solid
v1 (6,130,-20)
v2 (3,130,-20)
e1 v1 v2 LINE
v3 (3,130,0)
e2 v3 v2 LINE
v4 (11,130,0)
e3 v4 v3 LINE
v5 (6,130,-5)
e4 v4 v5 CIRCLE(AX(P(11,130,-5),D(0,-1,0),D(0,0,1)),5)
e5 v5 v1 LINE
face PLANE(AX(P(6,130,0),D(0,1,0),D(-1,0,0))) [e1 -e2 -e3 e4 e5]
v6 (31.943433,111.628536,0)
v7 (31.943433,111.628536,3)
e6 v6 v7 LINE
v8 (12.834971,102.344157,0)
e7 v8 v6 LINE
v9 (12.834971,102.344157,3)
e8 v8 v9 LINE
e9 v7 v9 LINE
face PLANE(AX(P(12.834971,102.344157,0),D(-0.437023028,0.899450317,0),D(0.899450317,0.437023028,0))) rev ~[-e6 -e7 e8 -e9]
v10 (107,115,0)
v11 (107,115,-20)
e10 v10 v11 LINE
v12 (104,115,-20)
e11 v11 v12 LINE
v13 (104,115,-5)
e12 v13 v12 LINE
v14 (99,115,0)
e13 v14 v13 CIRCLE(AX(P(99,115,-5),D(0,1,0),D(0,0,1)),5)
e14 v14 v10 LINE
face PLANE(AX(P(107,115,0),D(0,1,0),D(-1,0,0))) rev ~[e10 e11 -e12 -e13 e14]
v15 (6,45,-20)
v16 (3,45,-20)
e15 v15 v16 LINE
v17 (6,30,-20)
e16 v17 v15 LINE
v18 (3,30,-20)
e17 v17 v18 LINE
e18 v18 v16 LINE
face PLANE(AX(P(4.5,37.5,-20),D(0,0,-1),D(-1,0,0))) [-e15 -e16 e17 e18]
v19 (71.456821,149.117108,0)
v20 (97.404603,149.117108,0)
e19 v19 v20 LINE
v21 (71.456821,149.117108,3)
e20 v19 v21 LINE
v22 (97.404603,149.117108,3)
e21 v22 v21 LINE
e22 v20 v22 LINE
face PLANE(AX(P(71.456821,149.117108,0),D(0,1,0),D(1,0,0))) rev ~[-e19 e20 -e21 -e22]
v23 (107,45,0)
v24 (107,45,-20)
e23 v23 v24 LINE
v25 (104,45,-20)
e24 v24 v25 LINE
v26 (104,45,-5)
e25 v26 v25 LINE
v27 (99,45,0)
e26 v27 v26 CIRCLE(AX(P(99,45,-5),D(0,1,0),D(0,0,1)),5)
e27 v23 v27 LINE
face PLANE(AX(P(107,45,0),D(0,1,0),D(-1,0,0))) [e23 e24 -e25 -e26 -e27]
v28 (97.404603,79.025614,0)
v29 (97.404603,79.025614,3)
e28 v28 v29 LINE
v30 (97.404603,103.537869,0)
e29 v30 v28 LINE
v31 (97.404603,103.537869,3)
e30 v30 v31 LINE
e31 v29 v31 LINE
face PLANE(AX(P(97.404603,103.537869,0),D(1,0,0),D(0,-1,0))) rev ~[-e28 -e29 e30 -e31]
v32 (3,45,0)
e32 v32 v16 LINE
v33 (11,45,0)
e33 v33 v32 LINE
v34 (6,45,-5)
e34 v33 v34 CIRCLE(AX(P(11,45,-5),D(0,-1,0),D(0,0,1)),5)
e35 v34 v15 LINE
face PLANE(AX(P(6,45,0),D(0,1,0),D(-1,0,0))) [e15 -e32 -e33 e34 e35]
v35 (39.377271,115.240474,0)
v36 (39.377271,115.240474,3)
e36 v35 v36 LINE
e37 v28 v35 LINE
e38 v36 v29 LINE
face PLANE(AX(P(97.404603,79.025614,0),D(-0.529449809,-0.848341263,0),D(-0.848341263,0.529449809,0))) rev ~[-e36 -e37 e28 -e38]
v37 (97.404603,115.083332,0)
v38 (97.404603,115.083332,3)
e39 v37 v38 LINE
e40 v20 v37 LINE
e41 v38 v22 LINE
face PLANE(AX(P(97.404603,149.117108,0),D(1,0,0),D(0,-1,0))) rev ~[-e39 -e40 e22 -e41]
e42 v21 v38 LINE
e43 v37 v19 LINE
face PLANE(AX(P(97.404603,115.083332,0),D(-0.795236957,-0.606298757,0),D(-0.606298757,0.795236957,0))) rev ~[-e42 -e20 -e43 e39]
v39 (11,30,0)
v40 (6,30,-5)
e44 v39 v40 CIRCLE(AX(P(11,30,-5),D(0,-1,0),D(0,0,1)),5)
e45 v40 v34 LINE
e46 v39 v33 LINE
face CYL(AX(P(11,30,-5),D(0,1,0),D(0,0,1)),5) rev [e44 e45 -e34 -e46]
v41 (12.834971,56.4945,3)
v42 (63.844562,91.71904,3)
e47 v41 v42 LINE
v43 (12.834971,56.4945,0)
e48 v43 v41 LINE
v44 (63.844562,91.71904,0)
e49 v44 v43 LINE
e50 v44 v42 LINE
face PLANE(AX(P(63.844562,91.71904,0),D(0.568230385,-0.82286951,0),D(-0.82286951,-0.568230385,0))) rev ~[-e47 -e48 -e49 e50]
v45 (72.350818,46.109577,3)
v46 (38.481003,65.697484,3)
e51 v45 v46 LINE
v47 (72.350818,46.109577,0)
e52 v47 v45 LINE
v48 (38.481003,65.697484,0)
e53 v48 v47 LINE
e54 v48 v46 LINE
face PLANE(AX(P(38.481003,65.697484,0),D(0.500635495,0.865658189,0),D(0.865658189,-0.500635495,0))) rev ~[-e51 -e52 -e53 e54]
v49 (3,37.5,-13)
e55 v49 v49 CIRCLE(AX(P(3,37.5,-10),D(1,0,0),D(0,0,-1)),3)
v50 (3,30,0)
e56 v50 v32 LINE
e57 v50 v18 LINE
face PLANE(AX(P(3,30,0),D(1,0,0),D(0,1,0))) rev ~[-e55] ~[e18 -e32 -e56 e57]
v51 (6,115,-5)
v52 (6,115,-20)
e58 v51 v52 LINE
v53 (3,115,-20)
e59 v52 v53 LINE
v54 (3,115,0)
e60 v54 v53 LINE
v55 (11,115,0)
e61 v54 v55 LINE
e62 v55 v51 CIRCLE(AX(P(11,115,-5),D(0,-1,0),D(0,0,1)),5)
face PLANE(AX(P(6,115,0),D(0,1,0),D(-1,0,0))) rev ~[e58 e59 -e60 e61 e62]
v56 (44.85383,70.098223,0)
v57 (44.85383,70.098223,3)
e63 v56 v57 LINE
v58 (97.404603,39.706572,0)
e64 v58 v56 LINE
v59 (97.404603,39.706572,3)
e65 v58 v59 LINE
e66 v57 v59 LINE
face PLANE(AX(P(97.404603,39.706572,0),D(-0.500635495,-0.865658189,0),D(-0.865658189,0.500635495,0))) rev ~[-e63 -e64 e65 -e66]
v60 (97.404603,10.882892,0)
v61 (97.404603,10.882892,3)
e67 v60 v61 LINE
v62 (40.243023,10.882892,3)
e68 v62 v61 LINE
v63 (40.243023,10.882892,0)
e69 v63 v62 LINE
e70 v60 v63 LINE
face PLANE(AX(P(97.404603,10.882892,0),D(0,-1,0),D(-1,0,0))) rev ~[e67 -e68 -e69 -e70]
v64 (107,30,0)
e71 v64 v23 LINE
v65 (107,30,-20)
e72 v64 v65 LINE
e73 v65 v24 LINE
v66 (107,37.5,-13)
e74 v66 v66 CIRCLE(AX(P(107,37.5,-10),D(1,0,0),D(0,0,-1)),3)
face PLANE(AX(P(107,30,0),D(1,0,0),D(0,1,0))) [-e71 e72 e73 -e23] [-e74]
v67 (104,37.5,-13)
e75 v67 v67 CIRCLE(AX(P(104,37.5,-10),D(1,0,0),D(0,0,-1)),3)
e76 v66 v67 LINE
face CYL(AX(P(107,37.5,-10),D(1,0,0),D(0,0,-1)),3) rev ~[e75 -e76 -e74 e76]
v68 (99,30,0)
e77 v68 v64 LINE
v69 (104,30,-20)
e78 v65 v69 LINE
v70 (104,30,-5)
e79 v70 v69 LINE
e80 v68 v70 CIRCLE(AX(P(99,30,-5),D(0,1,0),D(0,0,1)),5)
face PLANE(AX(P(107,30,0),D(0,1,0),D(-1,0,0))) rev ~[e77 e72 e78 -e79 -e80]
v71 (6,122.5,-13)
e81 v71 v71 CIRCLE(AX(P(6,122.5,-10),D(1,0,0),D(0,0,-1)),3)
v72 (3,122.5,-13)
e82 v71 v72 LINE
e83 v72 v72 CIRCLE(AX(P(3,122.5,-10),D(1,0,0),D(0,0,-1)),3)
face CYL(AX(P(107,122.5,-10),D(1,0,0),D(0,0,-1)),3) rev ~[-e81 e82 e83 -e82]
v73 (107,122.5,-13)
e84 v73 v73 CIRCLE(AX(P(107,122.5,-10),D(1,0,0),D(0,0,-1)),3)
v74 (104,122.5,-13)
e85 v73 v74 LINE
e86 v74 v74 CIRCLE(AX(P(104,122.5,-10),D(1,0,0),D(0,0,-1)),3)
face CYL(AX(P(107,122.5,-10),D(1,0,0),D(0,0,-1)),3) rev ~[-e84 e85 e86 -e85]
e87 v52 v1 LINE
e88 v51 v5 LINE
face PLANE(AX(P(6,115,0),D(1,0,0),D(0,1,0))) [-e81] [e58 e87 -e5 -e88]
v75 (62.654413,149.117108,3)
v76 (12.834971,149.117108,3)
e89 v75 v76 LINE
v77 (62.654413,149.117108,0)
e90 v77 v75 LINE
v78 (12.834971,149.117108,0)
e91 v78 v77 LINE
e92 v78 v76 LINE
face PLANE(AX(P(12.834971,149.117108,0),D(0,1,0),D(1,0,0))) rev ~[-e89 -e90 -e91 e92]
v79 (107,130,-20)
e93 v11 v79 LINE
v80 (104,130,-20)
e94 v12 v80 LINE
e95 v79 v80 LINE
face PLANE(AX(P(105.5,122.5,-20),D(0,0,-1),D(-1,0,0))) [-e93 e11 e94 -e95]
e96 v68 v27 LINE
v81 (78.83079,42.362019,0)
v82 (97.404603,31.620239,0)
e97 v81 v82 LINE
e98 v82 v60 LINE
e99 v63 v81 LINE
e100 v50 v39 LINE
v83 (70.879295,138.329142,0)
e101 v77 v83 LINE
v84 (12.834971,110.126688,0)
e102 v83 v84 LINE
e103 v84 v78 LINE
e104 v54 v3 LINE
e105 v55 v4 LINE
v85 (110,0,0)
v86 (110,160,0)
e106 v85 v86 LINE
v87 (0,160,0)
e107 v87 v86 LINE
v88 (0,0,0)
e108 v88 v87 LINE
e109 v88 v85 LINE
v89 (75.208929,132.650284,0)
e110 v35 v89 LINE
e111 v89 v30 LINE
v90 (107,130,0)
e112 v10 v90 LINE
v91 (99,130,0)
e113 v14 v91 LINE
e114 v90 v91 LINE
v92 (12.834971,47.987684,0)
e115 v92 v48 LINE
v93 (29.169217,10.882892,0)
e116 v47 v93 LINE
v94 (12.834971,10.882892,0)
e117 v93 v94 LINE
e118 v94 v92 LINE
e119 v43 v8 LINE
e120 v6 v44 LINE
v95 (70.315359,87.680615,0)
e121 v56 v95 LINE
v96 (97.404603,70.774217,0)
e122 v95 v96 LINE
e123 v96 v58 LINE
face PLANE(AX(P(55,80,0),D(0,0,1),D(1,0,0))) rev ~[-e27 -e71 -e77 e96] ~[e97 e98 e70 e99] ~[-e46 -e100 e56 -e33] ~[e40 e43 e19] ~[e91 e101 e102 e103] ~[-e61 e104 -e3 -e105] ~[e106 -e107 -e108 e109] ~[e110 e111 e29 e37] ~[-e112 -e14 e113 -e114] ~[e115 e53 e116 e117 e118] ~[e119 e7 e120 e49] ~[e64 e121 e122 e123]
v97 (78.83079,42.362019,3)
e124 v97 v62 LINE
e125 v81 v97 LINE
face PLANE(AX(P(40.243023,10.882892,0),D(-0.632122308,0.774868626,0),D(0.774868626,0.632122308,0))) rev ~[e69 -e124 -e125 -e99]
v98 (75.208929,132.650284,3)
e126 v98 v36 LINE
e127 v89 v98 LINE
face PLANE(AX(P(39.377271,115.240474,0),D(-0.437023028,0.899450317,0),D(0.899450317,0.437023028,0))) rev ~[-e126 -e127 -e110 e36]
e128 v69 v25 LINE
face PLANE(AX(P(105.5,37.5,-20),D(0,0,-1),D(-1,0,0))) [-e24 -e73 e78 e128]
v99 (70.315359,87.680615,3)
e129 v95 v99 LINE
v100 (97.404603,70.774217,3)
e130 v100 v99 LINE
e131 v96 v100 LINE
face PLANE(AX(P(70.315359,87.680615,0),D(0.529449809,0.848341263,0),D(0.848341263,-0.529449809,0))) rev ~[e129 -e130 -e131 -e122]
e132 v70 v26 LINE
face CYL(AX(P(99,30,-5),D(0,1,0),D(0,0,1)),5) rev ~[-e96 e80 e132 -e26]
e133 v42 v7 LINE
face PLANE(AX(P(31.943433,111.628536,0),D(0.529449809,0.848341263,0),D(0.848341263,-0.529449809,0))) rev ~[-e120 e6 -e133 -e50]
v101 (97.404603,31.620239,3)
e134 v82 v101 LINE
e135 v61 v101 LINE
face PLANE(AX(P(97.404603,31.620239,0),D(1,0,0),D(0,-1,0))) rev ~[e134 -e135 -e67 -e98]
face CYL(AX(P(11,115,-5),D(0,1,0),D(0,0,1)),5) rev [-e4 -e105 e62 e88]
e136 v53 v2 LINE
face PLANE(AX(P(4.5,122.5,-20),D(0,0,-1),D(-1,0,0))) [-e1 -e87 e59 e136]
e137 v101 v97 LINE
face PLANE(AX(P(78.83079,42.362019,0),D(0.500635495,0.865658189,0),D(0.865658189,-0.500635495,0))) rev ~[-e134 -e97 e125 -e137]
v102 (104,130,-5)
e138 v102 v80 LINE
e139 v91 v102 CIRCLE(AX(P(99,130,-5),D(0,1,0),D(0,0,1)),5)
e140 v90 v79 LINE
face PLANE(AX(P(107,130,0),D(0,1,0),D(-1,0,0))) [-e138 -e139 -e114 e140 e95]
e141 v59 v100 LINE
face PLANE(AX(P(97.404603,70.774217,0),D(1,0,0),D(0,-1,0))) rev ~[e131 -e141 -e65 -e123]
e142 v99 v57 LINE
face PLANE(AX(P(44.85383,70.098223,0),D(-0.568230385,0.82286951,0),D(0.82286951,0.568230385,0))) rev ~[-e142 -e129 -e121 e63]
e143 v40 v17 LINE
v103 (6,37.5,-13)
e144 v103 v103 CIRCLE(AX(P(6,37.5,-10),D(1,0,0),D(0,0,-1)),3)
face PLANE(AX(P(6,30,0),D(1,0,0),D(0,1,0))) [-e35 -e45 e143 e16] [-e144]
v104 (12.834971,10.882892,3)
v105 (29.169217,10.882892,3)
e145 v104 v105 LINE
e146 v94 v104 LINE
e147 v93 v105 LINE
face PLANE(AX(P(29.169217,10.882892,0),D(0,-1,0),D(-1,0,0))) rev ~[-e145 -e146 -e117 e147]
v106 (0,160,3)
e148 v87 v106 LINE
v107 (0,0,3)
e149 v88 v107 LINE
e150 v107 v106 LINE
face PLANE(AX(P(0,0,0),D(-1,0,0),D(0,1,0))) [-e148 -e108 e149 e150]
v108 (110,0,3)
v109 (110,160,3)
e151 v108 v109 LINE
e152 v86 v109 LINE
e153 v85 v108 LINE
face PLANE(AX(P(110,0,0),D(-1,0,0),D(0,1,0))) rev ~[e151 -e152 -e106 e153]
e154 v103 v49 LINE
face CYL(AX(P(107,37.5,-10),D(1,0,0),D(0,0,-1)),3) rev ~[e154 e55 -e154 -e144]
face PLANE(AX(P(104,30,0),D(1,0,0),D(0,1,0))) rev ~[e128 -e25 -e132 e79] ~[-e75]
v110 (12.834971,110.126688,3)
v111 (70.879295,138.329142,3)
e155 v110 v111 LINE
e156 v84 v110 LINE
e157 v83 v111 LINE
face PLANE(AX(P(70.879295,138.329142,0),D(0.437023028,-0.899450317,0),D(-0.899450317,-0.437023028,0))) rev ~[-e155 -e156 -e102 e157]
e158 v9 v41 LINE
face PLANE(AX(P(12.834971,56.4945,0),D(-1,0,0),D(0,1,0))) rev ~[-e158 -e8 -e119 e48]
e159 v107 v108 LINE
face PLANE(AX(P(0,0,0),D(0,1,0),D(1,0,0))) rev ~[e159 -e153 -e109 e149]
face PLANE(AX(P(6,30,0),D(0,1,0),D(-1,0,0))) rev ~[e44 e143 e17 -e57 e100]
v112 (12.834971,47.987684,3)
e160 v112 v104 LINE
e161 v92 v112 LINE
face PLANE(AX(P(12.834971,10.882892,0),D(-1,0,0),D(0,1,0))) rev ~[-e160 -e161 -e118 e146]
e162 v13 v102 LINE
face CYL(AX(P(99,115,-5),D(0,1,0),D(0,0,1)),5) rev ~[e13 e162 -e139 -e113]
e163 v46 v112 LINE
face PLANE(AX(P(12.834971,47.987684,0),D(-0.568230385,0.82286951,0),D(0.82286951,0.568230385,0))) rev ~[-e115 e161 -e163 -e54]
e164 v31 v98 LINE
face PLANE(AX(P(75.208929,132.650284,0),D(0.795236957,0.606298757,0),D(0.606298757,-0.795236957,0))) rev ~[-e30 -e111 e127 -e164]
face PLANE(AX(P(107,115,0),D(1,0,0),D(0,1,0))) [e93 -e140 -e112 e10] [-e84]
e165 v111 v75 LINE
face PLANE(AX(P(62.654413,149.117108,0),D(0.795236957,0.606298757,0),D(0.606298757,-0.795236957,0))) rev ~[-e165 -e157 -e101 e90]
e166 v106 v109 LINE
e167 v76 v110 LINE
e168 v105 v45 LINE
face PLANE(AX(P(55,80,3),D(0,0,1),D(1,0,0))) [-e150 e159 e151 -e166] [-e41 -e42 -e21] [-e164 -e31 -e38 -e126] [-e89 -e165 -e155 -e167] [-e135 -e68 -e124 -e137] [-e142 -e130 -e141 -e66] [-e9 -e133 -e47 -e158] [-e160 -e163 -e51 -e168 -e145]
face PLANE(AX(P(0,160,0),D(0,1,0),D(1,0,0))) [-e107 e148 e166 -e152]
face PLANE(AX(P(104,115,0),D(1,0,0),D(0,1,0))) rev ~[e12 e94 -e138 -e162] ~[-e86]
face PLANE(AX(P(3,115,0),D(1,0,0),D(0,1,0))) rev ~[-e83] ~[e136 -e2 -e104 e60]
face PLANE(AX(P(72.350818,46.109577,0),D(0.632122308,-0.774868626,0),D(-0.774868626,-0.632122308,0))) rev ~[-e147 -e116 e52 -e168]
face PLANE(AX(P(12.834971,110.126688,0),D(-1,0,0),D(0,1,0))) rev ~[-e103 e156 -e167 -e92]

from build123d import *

# Parameters (mm, degrees)
SKETCH1_W           = 110
SKETCH1_H           = 160
BOSS_EXTRUDE1_DEPTH = 3
SKETCH2_W           = 3
SKETCH2_H           = 15
BOSS_EXTRUDE2_DEPTH = 20
FILLET1_R           = 5
SKETCH3_R           = 3
CUT_EXTRUDE1_DEPTH  = 120
CUT_EXTRUDE2_DEPTH  = 10


with BuildPart() as part:
    # Sketch1 → Boss-Extrude1 (new body)
    with BuildSketch(Plane.XY):
        with Locations((55, 80)):
            Rectangle(SKETCH1_W, SKETCH1_H)
    extrude(amount=BOSS_EXTRUDE1_DEPTH)

    # Sketch2 → Boss-Extrude2 (add)
    with BuildSketch(Plane(origin=(0, 0, 0), x_dir=(-1, 0, 0), z_dir=(0, 0, -1))):
        with Locations((-4.5, 122.5)):
            Rectangle(SKETCH2_W, SKETCH2_H)
        with Locations((-4.5, 37.5)):
            Rectangle(SKETCH2_W, SKETCH2_H)
        with Locations((-105.5, 37.5)):
            Rectangle(SKETCH2_W, SKETCH2_H)
        with Locations((-105.5, 122.5)):
            Rectangle(SKETCH2_W, SKETCH2_H)
    extrude(amount=BOSS_EXTRUDE2_DEPTH)

    # Fillet1
    fillet1_edges = [part.edges().sort_by_distance(p)[0] for p in [
        (6, 122.5, 0),
        (6, 37.5, 0),
        (104, 37.5, 0),
        (104, 122.5, 0),
    ]]
    fillet(fillet1_edges, radius=FILLET1_R)

    # Sketch3 → Cut-Extrude1 (cut)
    with BuildSketch(Plane(origin=(107, 0, 0), x_dir=(0, 0, -1), z_dir=(1, 0, 0))):
        with Locations((10, 122.5)):
            Circle(SKETCH3_R)
        with Locations((10, 37.5)):
            Circle(SKETCH3_R)
    extrude(amount=-CUT_EXTRUDE1_DEPTH, mode=Mode.SUBTRACT)

    # Sketch4 → Cut-Extrude2 (cut)
    with BuildSketch(Plane(origin=(0, 0, 0), x_dir=(-1, 0, 0), z_dir=(0, 0, -1))):
        Polygon((-97.404603448, 115.083332467), (-71.456820791, 149.11710788), (-97.404603448, 149.11710788), align=None)
        Polygon((-39.377270954, 115.240473699), (-75.208928564, 132.650284128), (-97.404603448, 103.53786924), (-97.404603448, 79.025613644), align=None)
        Polygon((-12.834970583, 149.11710788), (-62.654412981, 149.11710788), (-70.879295193, 138.329141999), (-12.834970583, 110.126687653), align=None)
        Polygon((-12.834970583, 56.494500283), (-12.834970583, 102.344156626), (-31.943432736, 111.628536023), (-63.844562164, 91.719040132), align=None)
        Polygon((-70.31535921, 87.68061549), (-97.404603448, 70.774217299), (-97.404603448, 39.706571637), (-44.85383039, 70.098223458), align=None)
        Polygon((-78.83079022, 42.362019492), (-97.404603448, 31.620239081), (-97.404603448, 10.88289212), (-40.243023437, 10.88289212), align=None)
        Polygon((-12.834970583, 10.88289212), (-12.834970583, 47.98768369), (-38.481002615, 65.697483931), (-72.350817961, 46.109577315), (-29.169217126, 10.88289212), align=None)
    extrude(amount=-CUT_EXTRUDE2_DEPTH, mode=Mode.SUBTRACT)


solid = part.part
